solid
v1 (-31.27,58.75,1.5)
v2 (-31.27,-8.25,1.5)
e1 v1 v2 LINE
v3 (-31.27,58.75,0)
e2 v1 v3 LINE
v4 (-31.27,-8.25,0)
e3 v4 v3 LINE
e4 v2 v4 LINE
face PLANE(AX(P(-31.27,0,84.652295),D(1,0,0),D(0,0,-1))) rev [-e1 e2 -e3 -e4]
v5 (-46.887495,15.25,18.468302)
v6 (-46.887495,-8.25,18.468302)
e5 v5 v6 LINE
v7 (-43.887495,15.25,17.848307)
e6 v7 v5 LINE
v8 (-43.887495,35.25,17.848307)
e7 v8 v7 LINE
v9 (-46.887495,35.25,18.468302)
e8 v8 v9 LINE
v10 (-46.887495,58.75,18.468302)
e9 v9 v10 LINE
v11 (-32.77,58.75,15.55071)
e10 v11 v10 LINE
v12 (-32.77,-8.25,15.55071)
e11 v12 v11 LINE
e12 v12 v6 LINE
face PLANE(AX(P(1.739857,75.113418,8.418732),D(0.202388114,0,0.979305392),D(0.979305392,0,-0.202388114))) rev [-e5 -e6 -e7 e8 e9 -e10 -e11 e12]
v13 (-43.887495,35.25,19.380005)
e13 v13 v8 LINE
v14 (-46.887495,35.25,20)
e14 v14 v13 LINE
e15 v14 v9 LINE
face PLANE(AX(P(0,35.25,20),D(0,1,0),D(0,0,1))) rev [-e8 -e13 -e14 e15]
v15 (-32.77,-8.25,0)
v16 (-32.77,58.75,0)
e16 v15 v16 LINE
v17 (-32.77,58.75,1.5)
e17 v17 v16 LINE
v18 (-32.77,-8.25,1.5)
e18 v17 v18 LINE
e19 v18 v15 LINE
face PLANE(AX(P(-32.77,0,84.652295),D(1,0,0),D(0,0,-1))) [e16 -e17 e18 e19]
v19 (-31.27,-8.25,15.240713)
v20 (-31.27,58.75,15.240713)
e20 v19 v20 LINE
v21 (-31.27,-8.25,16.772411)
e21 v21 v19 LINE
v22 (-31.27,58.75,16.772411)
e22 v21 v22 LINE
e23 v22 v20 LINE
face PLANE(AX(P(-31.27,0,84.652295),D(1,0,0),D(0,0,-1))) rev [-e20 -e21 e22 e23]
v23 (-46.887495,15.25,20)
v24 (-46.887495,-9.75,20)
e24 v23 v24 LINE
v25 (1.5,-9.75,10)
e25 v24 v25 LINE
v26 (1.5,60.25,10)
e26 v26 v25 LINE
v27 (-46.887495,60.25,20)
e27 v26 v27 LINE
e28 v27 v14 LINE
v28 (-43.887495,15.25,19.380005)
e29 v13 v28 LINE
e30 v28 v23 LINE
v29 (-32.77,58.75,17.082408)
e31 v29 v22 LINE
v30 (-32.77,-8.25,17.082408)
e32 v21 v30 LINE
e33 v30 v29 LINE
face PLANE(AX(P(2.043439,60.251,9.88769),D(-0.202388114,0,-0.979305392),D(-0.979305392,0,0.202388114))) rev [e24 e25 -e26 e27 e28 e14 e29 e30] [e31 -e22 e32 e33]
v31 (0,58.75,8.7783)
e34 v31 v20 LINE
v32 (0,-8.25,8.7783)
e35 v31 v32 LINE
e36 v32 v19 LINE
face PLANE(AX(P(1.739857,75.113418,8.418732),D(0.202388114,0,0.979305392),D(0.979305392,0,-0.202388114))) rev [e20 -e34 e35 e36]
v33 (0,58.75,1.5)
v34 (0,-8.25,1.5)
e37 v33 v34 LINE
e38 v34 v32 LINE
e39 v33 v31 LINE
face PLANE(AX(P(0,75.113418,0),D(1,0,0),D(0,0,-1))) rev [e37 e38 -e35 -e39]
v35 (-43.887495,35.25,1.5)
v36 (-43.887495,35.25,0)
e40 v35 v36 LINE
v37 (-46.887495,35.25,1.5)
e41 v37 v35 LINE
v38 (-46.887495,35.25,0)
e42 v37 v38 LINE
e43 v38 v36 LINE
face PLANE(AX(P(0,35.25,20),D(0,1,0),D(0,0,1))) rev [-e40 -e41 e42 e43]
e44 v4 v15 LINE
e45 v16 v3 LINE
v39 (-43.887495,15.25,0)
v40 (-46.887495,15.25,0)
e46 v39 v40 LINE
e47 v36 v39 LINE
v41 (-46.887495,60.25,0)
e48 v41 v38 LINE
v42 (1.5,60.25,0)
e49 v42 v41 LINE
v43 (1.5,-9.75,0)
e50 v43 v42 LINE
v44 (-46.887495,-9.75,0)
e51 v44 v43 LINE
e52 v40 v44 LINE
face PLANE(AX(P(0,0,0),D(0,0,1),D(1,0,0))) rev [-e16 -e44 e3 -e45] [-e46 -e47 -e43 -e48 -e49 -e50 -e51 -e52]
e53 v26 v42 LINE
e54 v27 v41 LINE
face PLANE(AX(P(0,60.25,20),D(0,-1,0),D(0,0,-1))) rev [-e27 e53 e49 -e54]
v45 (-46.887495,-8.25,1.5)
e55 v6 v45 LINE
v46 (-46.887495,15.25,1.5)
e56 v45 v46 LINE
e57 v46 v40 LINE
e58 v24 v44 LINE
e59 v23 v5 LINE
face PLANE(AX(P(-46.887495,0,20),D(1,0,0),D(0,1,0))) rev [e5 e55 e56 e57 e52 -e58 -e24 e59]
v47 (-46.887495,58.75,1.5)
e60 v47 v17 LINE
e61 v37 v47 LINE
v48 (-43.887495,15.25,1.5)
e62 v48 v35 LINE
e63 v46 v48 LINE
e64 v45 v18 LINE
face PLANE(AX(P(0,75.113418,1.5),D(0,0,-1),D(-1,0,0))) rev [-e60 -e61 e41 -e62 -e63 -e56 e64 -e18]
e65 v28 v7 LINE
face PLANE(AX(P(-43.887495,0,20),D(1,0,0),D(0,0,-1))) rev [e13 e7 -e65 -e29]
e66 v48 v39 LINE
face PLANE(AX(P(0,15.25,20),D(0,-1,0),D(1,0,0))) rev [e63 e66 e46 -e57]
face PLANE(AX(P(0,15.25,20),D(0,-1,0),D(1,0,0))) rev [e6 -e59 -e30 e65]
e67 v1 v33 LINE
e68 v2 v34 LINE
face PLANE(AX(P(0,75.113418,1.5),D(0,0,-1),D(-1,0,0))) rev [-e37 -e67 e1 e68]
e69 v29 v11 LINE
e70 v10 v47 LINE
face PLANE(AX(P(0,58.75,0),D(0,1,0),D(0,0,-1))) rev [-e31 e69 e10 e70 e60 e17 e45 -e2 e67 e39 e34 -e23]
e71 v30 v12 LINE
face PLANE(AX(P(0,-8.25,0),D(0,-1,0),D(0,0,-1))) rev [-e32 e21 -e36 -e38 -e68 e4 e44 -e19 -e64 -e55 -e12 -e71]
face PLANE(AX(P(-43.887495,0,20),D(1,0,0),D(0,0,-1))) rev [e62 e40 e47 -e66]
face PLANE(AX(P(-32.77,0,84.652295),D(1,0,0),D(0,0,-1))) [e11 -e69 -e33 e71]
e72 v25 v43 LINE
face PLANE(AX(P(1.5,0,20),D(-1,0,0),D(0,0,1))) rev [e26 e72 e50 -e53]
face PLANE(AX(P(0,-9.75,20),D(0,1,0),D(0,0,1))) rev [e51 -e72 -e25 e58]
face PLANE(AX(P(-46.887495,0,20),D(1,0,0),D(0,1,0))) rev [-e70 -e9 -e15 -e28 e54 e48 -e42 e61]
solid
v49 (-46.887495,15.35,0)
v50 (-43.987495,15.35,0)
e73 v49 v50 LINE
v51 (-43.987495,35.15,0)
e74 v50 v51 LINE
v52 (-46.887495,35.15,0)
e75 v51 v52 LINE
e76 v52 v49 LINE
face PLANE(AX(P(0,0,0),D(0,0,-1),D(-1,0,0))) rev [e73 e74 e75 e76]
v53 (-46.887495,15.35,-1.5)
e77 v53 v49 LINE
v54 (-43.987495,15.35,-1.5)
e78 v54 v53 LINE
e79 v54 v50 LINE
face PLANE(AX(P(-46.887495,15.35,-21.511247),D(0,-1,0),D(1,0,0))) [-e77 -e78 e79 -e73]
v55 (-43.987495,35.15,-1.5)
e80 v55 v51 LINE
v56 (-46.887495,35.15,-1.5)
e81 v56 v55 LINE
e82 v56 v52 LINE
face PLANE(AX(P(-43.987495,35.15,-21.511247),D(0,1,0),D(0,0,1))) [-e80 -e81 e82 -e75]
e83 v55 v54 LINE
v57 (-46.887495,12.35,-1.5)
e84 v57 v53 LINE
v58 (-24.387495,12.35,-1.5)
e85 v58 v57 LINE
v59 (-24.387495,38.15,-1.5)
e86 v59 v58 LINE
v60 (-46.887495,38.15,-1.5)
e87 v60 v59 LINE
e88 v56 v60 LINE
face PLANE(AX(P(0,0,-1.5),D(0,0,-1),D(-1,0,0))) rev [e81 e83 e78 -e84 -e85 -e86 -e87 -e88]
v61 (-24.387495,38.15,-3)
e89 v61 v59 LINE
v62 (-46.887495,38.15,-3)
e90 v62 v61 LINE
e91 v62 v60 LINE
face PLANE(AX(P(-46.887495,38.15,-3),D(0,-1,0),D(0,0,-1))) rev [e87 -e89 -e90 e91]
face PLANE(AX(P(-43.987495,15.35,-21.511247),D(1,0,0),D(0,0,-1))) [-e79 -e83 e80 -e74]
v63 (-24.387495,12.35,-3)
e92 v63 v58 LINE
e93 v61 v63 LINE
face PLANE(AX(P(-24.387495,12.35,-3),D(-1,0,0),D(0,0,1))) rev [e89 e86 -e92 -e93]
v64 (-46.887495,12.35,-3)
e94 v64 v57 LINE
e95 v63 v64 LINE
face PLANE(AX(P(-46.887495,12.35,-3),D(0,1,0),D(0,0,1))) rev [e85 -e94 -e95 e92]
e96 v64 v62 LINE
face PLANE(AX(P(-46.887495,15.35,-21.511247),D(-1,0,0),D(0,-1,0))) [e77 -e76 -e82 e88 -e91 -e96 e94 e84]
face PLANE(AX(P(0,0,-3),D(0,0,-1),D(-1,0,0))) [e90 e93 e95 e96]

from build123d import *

# Parameters (mm, degrees)
SKETCH1_W                      = 2.9
SKETCH1_H                      = 19.8
BOSS_EXTRUDE1_DEPTH            = 1.5
SKETCH2_W                      = 22.5
SKETCH2_H                      = 25.8
BOSS_EXTRUDE3_DEPTH            = 1.5
BOSS_EXTRUDE4_DEPTH            = 20
CUT_EXTRUDE1_DEPTH             = 70
CUT_EXTRUDE2_START             = -35
CUT_EXTRUDE2_DEPTH             = 33.5
CUT_EXTRUDE3_REACH             = 80.554
SKETCH6_W                      = 1.5
SKETCH6_H                      = 67
CUT_EXTRUDE3_DIRECTION_2_DEPTH = 1.5


with BuildPart() as part:
    # Sketch1 → Boss-Extrude1 (new body)
    with BuildSketch(Plane.XY):
        with Locations((-45.437495374, 25.25)):
            Rectangle(SKETCH1_W, SKETCH1_H)
    extrude(amount=-BOSS_EXTRUDE1_DEPTH)

    # Sketch2 → Boss-Extrude3 (add)
    with BuildSketch(Plane(origin=(0, 0, -1.5), x_dir=(-1, 0, 0), z_dir=(0, 0, -1))):
        with Locations((35.637495374, 25.25)):
            Rectangle(SKETCH2_W, SKETCH2_H)
    extrude(amount=BOSS_EXTRUDE3_DEPTH)


with BuildPart() as body_2:
    # Sketch3 → Boss-Extrude4 (new body)
    with BuildSketch(Plane.XY):
        Polygon((-46.887495374, 35.25), (-43.887495374, 35.25), (-43.887495374, 15.25), (-46.887495374, 15.25), (-46.887495374, -9.75), (1.5, -9.75), (1.5, 60.25), (-46.887495374, 60.25), align=None)
    extrude(amount=BOSS_EXTRUDE4_DEPTH)

    # Sketch4 → Cut-Extrude1 (cut)
    with BuildSketch(Plane.XZ.offset(9.75)):
        Polygon((1.5, 20), (-46.887495374, 20), (1.5, 10), align=None)
    extrude(amount=-CUT_EXTRUDE1_DEPTH, mode=Mode.SUBTRACT)

    # Sketch5 → Cut-Extrude2 (cut)
    with BuildSketch(Plane.XZ.offset(9.75).offset(CUT_EXTRUDE2_START)):
        Polygon((-45.387495374, 18.158304667), (-45.387495374, 1.5), (0, 1.5), (0, 8.778299559), align=None)
        Polygon((-46.887495374, 1.5), (-45.387495374, 1.5), (-45.387495374, 18.158304667), (-46.887495374, 18.468302113), align=None)
    cut_extrude2 = extrude(amount=CUT_EXTRUDE2_DEPTH, mode=Mode.SUBTRACT)

    # Mirror1: Cut-Extrude2 across plane
    add(cut_extrude2.mirror(Plane.ZX.offset(25.25)), mode=Mode.SUBTRACT)

    # Cut-Extrude3: up to this plane
    cut_extrude3_end = Plane(origin=(2.043439135, 60.251, 9.887690171), z_dir=(-0.20238811385577932, 0, -0.9793053922908319))
    # Sketch6 → Cut-Extrude3 (cut, up to the surface)
    with BuildSketch(Plane(origin=(0, 0, 1.5), x_dir=(-1, 0, 0), z_dir=(0, 0, -1)), mode=Mode.PRIVATE) as cut_extrude3_sk1:
        with Locations((32.02, 25.25)):
            Rectangle(SKETCH6_W, SKETCH6_H)
    cut_extrude3_tool1 = split(extrude(cut_extrude3_sk1.sketch, amount=-CUT_EXTRUDE3_REACH, mode=Mode.PRIVATE), bisect_by=cut_extrude3_end, keep=Keep.BOTH, mode=Mode.PRIVATE)
    add(cut_extrude3_tool1.solids().sort_by_distance((-32.02, 25.25, 1.5))[0], mode=Mode.SUBTRACT)

    # Sketch6 → Cut-Extrude3 direction 2 (cut)
    with BuildSketch(Plane(origin=(0, 0, 1.5), x_dir=(-1, 0, 0), z_dir=(0, 0, -1))):
        with Locations((32.02, 25.25)):
            Rectangle(SKETCH6_W, SKETCH6_H)
    extrude(amount=CUT_EXTRUDE3_DIRECTION_2_DEPTH, mode=Mode.SUBTRACT)


solid = Compound([part.part, body_2.part])
